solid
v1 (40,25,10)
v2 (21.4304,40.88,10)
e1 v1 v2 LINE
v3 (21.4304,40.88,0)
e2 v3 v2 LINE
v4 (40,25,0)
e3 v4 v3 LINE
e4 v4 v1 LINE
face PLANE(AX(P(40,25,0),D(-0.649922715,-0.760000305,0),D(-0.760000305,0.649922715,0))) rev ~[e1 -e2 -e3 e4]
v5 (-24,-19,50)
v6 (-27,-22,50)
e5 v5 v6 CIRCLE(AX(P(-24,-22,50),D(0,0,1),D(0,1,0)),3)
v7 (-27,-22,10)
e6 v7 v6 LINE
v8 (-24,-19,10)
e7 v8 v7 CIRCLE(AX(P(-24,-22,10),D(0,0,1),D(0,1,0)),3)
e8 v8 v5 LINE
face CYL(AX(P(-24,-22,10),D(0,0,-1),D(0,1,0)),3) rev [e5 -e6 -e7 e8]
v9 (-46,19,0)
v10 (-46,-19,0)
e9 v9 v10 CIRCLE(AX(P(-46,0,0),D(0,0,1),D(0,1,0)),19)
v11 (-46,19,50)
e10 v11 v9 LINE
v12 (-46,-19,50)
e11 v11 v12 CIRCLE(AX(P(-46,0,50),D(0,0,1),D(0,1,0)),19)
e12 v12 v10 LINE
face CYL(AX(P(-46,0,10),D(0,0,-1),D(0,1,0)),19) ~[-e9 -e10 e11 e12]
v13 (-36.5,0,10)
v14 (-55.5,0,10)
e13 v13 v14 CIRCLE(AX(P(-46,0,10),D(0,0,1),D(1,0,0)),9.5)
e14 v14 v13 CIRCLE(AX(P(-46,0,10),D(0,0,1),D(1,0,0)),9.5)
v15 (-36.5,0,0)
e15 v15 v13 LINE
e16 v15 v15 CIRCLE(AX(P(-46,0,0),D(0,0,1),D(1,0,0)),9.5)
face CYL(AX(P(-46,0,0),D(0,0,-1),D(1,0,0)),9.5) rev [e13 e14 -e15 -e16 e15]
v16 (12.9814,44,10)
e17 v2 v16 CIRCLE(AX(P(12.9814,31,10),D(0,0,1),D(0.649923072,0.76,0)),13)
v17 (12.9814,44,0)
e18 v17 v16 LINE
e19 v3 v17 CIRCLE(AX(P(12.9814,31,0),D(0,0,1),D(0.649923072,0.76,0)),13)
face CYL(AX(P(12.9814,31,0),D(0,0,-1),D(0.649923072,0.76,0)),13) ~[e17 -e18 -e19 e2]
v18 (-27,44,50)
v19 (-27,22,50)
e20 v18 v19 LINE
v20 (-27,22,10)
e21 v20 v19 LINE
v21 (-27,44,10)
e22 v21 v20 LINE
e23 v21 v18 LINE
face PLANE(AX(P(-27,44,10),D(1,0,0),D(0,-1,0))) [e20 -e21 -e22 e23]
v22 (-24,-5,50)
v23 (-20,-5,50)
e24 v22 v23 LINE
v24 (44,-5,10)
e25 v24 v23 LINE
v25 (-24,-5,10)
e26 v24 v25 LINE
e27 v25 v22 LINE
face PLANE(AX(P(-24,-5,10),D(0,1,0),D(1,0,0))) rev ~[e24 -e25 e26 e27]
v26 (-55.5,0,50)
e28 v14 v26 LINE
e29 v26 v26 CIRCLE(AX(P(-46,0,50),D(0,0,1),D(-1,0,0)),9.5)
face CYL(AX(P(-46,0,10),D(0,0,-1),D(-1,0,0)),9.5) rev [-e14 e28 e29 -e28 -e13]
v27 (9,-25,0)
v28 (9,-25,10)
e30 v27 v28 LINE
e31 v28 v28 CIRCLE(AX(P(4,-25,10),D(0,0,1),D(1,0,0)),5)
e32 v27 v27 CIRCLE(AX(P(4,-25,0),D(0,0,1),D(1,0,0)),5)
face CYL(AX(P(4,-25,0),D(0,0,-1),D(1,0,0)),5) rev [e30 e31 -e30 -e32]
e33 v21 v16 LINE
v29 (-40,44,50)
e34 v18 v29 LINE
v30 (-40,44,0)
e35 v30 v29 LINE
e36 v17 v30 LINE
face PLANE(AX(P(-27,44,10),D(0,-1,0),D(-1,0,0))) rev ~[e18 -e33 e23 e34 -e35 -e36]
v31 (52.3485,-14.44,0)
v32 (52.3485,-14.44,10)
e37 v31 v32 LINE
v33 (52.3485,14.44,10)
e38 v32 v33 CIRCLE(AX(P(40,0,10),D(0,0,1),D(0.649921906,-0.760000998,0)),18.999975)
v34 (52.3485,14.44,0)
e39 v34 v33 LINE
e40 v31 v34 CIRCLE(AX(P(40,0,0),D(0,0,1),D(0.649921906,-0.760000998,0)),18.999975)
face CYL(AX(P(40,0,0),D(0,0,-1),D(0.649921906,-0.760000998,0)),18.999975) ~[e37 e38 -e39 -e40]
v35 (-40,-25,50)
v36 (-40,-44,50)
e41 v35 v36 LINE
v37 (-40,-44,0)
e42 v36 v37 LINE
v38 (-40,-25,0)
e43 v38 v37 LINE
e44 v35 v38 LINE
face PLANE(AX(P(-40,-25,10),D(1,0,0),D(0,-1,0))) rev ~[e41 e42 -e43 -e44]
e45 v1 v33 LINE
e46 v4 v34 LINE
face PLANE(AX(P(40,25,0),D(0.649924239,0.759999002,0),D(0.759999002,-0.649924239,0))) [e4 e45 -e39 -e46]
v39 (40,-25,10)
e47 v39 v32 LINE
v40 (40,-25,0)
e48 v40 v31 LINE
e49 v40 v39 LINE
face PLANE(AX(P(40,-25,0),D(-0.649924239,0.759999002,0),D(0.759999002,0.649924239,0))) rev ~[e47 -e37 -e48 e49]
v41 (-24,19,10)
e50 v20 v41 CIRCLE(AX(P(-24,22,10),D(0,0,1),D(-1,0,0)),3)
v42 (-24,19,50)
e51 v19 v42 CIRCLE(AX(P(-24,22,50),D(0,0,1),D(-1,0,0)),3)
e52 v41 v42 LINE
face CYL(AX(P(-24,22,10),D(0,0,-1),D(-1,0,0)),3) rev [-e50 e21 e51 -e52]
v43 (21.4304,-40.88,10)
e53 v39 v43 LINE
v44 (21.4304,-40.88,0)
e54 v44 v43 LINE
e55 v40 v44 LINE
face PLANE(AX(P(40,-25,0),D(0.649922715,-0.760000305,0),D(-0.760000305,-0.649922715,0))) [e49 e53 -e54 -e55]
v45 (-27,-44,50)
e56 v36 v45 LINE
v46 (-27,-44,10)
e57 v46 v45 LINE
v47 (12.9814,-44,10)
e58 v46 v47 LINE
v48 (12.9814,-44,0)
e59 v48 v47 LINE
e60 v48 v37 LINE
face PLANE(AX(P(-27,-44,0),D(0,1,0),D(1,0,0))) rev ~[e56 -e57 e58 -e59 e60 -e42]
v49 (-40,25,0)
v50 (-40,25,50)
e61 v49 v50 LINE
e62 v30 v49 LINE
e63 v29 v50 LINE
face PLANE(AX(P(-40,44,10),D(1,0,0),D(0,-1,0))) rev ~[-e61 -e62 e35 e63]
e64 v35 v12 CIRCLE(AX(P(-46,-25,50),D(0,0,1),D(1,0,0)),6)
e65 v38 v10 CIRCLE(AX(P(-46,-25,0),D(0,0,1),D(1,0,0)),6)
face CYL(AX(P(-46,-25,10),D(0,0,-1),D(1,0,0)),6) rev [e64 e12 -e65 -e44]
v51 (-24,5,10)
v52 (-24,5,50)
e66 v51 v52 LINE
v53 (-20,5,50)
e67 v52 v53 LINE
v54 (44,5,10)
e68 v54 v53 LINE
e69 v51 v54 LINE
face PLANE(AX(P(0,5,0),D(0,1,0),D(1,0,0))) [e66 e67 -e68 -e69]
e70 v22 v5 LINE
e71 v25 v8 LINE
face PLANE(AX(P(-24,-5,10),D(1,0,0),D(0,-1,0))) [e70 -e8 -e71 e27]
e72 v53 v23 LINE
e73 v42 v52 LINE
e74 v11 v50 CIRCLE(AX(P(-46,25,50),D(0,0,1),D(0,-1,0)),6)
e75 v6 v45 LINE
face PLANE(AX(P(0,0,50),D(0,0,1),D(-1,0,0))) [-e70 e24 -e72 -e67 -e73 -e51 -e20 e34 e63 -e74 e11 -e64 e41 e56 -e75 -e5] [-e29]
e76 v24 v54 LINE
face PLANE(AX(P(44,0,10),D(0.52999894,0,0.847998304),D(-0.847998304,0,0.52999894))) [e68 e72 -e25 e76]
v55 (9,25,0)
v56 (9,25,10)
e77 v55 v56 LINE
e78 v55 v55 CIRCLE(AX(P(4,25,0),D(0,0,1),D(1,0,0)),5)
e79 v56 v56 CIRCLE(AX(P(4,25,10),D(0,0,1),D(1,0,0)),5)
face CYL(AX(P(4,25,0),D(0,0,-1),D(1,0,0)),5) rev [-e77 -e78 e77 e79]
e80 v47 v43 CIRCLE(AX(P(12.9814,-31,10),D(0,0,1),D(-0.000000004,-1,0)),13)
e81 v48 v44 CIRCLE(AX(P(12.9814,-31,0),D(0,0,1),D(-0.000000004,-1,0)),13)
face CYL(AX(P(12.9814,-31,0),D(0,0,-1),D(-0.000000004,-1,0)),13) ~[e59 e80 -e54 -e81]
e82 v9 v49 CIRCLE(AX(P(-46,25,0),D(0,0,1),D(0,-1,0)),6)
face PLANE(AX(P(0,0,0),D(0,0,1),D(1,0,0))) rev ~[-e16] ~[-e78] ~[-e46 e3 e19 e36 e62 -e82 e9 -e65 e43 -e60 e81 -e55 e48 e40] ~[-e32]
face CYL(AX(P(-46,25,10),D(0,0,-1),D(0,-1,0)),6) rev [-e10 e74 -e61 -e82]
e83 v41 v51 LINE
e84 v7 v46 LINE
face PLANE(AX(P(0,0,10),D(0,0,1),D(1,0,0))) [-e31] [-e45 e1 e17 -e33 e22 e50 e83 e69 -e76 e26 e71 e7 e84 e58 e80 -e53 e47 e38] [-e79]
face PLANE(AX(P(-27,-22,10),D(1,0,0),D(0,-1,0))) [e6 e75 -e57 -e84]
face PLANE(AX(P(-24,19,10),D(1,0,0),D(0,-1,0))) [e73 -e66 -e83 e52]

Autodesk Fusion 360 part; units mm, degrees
sketch "Sketch1" plane through (0, 0, 0) normal (0, 0, 1) x (1, 0, 0)
  line L0 (12.9814, 44) -> (-40, 44)
  line L1 (-40, -44) -> (12.9814, -44)
  circle A0 centre (4, -25) radius 5
  circle A1 centre (4, 25) radius 5
  line L2 (40, -25) -> (52.3485, -14.44)
  line L3 (40, 25) -> (52.3485, 14.44)
  line L4 (40, 25) -> (21.4304, 40.88)
  line L5 (40, -25) -> (21.4304, -40.88)
  circle A2 centre (-46, 0) radius 9.5
  arc A3 (-40, -25) -> (-46, -19) centre (-46, -25) ccw
  arc A4 (52.3485, -14.44) -> (52.3485, 14.44) centre (40, 0) ccw
  arc A5 (12.9814, -44) -> (21.4304, -40.88) centre (12.9814, -31) ccw
  line L6 (-40, -25) -> (-40, -44)
  arc A6 (-46, 19) -> (-46, -19) centre (-46, 0) ccw
  line L7 (-40, 44) -> (-40, 25)
  line L8 (-40, 19) -> (-40, 18.0278)
  arc A7 (-46, 19) -> (-40, 25) centre (-46, 25) ccw
  arc A8 (21.4304, 40.88) -> (12.9814, 44) centre (12.9814, 31) ccw
  line L9 (-40, 0) -> (-36.5, 0) construction
  line L10 (0, 0) -> (4, 0) construction
  line L11 (4, 20) -> (4, 19) construction
  line L12 (20.8025, 19) -> (-35, 19) construction
  line L13 (-35, -19) -> (20, -19) construction
  line L14 (-20, -5) -> (-20, 5)
  line L15 (-24, 5) -> (-20, 5)
  line L16 (-24, -5) -> (-20, -5)
  line L17 (-24, 19) -> (-24, 5)
  line L18 (-24, -5) -> (-24, -19)
  arc A9 (-24, -19) -> (-27, -22) centre (-24, -22) ccw
  arc A10 (-27, 22) -> (-24, 19) centre (-24, 22) ccw
  line L19 (-27, 44) -> (-27, 22)
  line L20 (-27, -22) -> (-27, -44)
  line L21 (-40, 44) -> (-27, 44)
  line L22 (-40, -44) -> (-27, -44)
  line L23 (-70, 0) -> (52.6501, 0) construction
  dimension "d2" = 88
  dimension "d3" = 19
  dimension "d8" = 10
  dimension "d9" = 10
  dimension "d13" = 19
  dimension "d14" = 19
  dimension "d15" = 6
  dimension "d16" = 6
  dimension "d19" = 13
  dimension "d20" = 16
  dimension "d21" = 19
  dimension "d22" = 19
  dimension "d23" = 3
  dimension "d24" = 3
  dimension "d25" = 20
  dimension "d26" = 5
  dimension "d27" = 5
  dimension "d46" = 44
  dimension "d47" = 44
extrude "Extrude1" add sketch "Sketch1" along normal blind 10
sketch "Sketch2" plane through (0, 0, 10) normal (0, 0, 1) x (-1, 0, 0)
  circle A0 centre (-4, -25) radius 5
  circle A1 centre (-4, 25) radius 5
  circle A2 centre (46, 0) radius 9.5
  line L0 (-52.3485, -14.44) -> (-21.4304, -40.88)
  arc A3 (-21.4304, -40.88) -> (-12.9814, -44) centre (-12.9814, -31) ccw
  line L1 (-12.9814, -44) -> (40, -44)
  line L2 (40, -44) -> (40, -25)
  arc A4 (46, -19) -> (40, -25) centre (46, -25) ccw
  arc A5 (46, -19) -> (46, 19) centre (46, 0) ccw
  arc A6 (40, 25) -> (46, 19) centre (46, 25) ccw
  line L3 (40, 25) -> (40, 44)
  line L4 (40, 44) -> (-12.9814, 44)
  arc A7 (-12.9814, 44) -> (-21.4304, 40.88) centre (-12.9814, 31) ccw
  line L5 (-21.4304, 40.88) -> (-52.3485, 14.44)
  arc A8 (-52.3485, 14.44) -> (-52.3485, -14.44) centre (-40, 0) ccw
  line L6 (40, -44) -> (27, -44)
  line L7 (24, -19) -> (24, -5)
  line L8 (20, -5) -> (20, 5)
  line L9 (24, 5) -> (24, 19)
  circle A9 centre (46, 0) radius 9.5
  line L10 (40, 44) -> (27, 44)
  line L11 (40, 44) -> (40, 25)
  line L12 (40, -44) -> (40, -25)
  arc A10 (40, 25) -> (46, 19) centre (46, 25) ccw
  arc A11 (46, -19) -> (46, 19) centre (46, 0) ccw
  line L13 (40, -44) -> (40, -25) construction
  line L14 (40, 25) -> (40, 44) construction
  arc A12 (24, 19) -> (27, 22) centre (24, 22) ccw
  arc A13 (46, -19) -> (40, -25) centre (46, -25) ccw
  arc A14 (27, -22) -> (24, -19) centre (24, -22) ccw
  line L15 (24, 5) -> (20, 5)
  line L16 (24, -5) -> (20, -5)
  line L17 (27, -44) -> (27, -22) construction
  line L18 (27, 22) -> (27, 44) construction
  line L19 (27, -44) -> (27, -22)
  line L20 (27, 22) -> (27, 44)
  dimension "d28" = 13
  dimension "d35" = 3
  dimension "d36" = 3
  dimension "d37" = 19
  dimension "d39" = 6
  dimension "d40" = 6
extrude "Extrude2" add sketch "Sketch2" along normal blind 40 contours L1 L2 A4 A5 A6 L3 L4 L6 L7 L8 L9 L10 L11 L12 A10 A11 A12 A13 A14 L15 L16 L19 L20
sketch "Sketch3" plane through (0, 0, 0) normal (0, 1, 0) x (1, 0, 0)
  line L0 (-20, -50) -> (-20, -10)
  line L1 (-20, -10) -> (44, -10)
  line L2 (44, -10) -> (-20, -50)
  dimension "d43" = 64
extrude "Extrude3" add sketch "Sketch3" along normal mid plane 10
equation "d20 = 13 mm + 3 mm"
equation "d43 = 67 mm - 3 mm"
